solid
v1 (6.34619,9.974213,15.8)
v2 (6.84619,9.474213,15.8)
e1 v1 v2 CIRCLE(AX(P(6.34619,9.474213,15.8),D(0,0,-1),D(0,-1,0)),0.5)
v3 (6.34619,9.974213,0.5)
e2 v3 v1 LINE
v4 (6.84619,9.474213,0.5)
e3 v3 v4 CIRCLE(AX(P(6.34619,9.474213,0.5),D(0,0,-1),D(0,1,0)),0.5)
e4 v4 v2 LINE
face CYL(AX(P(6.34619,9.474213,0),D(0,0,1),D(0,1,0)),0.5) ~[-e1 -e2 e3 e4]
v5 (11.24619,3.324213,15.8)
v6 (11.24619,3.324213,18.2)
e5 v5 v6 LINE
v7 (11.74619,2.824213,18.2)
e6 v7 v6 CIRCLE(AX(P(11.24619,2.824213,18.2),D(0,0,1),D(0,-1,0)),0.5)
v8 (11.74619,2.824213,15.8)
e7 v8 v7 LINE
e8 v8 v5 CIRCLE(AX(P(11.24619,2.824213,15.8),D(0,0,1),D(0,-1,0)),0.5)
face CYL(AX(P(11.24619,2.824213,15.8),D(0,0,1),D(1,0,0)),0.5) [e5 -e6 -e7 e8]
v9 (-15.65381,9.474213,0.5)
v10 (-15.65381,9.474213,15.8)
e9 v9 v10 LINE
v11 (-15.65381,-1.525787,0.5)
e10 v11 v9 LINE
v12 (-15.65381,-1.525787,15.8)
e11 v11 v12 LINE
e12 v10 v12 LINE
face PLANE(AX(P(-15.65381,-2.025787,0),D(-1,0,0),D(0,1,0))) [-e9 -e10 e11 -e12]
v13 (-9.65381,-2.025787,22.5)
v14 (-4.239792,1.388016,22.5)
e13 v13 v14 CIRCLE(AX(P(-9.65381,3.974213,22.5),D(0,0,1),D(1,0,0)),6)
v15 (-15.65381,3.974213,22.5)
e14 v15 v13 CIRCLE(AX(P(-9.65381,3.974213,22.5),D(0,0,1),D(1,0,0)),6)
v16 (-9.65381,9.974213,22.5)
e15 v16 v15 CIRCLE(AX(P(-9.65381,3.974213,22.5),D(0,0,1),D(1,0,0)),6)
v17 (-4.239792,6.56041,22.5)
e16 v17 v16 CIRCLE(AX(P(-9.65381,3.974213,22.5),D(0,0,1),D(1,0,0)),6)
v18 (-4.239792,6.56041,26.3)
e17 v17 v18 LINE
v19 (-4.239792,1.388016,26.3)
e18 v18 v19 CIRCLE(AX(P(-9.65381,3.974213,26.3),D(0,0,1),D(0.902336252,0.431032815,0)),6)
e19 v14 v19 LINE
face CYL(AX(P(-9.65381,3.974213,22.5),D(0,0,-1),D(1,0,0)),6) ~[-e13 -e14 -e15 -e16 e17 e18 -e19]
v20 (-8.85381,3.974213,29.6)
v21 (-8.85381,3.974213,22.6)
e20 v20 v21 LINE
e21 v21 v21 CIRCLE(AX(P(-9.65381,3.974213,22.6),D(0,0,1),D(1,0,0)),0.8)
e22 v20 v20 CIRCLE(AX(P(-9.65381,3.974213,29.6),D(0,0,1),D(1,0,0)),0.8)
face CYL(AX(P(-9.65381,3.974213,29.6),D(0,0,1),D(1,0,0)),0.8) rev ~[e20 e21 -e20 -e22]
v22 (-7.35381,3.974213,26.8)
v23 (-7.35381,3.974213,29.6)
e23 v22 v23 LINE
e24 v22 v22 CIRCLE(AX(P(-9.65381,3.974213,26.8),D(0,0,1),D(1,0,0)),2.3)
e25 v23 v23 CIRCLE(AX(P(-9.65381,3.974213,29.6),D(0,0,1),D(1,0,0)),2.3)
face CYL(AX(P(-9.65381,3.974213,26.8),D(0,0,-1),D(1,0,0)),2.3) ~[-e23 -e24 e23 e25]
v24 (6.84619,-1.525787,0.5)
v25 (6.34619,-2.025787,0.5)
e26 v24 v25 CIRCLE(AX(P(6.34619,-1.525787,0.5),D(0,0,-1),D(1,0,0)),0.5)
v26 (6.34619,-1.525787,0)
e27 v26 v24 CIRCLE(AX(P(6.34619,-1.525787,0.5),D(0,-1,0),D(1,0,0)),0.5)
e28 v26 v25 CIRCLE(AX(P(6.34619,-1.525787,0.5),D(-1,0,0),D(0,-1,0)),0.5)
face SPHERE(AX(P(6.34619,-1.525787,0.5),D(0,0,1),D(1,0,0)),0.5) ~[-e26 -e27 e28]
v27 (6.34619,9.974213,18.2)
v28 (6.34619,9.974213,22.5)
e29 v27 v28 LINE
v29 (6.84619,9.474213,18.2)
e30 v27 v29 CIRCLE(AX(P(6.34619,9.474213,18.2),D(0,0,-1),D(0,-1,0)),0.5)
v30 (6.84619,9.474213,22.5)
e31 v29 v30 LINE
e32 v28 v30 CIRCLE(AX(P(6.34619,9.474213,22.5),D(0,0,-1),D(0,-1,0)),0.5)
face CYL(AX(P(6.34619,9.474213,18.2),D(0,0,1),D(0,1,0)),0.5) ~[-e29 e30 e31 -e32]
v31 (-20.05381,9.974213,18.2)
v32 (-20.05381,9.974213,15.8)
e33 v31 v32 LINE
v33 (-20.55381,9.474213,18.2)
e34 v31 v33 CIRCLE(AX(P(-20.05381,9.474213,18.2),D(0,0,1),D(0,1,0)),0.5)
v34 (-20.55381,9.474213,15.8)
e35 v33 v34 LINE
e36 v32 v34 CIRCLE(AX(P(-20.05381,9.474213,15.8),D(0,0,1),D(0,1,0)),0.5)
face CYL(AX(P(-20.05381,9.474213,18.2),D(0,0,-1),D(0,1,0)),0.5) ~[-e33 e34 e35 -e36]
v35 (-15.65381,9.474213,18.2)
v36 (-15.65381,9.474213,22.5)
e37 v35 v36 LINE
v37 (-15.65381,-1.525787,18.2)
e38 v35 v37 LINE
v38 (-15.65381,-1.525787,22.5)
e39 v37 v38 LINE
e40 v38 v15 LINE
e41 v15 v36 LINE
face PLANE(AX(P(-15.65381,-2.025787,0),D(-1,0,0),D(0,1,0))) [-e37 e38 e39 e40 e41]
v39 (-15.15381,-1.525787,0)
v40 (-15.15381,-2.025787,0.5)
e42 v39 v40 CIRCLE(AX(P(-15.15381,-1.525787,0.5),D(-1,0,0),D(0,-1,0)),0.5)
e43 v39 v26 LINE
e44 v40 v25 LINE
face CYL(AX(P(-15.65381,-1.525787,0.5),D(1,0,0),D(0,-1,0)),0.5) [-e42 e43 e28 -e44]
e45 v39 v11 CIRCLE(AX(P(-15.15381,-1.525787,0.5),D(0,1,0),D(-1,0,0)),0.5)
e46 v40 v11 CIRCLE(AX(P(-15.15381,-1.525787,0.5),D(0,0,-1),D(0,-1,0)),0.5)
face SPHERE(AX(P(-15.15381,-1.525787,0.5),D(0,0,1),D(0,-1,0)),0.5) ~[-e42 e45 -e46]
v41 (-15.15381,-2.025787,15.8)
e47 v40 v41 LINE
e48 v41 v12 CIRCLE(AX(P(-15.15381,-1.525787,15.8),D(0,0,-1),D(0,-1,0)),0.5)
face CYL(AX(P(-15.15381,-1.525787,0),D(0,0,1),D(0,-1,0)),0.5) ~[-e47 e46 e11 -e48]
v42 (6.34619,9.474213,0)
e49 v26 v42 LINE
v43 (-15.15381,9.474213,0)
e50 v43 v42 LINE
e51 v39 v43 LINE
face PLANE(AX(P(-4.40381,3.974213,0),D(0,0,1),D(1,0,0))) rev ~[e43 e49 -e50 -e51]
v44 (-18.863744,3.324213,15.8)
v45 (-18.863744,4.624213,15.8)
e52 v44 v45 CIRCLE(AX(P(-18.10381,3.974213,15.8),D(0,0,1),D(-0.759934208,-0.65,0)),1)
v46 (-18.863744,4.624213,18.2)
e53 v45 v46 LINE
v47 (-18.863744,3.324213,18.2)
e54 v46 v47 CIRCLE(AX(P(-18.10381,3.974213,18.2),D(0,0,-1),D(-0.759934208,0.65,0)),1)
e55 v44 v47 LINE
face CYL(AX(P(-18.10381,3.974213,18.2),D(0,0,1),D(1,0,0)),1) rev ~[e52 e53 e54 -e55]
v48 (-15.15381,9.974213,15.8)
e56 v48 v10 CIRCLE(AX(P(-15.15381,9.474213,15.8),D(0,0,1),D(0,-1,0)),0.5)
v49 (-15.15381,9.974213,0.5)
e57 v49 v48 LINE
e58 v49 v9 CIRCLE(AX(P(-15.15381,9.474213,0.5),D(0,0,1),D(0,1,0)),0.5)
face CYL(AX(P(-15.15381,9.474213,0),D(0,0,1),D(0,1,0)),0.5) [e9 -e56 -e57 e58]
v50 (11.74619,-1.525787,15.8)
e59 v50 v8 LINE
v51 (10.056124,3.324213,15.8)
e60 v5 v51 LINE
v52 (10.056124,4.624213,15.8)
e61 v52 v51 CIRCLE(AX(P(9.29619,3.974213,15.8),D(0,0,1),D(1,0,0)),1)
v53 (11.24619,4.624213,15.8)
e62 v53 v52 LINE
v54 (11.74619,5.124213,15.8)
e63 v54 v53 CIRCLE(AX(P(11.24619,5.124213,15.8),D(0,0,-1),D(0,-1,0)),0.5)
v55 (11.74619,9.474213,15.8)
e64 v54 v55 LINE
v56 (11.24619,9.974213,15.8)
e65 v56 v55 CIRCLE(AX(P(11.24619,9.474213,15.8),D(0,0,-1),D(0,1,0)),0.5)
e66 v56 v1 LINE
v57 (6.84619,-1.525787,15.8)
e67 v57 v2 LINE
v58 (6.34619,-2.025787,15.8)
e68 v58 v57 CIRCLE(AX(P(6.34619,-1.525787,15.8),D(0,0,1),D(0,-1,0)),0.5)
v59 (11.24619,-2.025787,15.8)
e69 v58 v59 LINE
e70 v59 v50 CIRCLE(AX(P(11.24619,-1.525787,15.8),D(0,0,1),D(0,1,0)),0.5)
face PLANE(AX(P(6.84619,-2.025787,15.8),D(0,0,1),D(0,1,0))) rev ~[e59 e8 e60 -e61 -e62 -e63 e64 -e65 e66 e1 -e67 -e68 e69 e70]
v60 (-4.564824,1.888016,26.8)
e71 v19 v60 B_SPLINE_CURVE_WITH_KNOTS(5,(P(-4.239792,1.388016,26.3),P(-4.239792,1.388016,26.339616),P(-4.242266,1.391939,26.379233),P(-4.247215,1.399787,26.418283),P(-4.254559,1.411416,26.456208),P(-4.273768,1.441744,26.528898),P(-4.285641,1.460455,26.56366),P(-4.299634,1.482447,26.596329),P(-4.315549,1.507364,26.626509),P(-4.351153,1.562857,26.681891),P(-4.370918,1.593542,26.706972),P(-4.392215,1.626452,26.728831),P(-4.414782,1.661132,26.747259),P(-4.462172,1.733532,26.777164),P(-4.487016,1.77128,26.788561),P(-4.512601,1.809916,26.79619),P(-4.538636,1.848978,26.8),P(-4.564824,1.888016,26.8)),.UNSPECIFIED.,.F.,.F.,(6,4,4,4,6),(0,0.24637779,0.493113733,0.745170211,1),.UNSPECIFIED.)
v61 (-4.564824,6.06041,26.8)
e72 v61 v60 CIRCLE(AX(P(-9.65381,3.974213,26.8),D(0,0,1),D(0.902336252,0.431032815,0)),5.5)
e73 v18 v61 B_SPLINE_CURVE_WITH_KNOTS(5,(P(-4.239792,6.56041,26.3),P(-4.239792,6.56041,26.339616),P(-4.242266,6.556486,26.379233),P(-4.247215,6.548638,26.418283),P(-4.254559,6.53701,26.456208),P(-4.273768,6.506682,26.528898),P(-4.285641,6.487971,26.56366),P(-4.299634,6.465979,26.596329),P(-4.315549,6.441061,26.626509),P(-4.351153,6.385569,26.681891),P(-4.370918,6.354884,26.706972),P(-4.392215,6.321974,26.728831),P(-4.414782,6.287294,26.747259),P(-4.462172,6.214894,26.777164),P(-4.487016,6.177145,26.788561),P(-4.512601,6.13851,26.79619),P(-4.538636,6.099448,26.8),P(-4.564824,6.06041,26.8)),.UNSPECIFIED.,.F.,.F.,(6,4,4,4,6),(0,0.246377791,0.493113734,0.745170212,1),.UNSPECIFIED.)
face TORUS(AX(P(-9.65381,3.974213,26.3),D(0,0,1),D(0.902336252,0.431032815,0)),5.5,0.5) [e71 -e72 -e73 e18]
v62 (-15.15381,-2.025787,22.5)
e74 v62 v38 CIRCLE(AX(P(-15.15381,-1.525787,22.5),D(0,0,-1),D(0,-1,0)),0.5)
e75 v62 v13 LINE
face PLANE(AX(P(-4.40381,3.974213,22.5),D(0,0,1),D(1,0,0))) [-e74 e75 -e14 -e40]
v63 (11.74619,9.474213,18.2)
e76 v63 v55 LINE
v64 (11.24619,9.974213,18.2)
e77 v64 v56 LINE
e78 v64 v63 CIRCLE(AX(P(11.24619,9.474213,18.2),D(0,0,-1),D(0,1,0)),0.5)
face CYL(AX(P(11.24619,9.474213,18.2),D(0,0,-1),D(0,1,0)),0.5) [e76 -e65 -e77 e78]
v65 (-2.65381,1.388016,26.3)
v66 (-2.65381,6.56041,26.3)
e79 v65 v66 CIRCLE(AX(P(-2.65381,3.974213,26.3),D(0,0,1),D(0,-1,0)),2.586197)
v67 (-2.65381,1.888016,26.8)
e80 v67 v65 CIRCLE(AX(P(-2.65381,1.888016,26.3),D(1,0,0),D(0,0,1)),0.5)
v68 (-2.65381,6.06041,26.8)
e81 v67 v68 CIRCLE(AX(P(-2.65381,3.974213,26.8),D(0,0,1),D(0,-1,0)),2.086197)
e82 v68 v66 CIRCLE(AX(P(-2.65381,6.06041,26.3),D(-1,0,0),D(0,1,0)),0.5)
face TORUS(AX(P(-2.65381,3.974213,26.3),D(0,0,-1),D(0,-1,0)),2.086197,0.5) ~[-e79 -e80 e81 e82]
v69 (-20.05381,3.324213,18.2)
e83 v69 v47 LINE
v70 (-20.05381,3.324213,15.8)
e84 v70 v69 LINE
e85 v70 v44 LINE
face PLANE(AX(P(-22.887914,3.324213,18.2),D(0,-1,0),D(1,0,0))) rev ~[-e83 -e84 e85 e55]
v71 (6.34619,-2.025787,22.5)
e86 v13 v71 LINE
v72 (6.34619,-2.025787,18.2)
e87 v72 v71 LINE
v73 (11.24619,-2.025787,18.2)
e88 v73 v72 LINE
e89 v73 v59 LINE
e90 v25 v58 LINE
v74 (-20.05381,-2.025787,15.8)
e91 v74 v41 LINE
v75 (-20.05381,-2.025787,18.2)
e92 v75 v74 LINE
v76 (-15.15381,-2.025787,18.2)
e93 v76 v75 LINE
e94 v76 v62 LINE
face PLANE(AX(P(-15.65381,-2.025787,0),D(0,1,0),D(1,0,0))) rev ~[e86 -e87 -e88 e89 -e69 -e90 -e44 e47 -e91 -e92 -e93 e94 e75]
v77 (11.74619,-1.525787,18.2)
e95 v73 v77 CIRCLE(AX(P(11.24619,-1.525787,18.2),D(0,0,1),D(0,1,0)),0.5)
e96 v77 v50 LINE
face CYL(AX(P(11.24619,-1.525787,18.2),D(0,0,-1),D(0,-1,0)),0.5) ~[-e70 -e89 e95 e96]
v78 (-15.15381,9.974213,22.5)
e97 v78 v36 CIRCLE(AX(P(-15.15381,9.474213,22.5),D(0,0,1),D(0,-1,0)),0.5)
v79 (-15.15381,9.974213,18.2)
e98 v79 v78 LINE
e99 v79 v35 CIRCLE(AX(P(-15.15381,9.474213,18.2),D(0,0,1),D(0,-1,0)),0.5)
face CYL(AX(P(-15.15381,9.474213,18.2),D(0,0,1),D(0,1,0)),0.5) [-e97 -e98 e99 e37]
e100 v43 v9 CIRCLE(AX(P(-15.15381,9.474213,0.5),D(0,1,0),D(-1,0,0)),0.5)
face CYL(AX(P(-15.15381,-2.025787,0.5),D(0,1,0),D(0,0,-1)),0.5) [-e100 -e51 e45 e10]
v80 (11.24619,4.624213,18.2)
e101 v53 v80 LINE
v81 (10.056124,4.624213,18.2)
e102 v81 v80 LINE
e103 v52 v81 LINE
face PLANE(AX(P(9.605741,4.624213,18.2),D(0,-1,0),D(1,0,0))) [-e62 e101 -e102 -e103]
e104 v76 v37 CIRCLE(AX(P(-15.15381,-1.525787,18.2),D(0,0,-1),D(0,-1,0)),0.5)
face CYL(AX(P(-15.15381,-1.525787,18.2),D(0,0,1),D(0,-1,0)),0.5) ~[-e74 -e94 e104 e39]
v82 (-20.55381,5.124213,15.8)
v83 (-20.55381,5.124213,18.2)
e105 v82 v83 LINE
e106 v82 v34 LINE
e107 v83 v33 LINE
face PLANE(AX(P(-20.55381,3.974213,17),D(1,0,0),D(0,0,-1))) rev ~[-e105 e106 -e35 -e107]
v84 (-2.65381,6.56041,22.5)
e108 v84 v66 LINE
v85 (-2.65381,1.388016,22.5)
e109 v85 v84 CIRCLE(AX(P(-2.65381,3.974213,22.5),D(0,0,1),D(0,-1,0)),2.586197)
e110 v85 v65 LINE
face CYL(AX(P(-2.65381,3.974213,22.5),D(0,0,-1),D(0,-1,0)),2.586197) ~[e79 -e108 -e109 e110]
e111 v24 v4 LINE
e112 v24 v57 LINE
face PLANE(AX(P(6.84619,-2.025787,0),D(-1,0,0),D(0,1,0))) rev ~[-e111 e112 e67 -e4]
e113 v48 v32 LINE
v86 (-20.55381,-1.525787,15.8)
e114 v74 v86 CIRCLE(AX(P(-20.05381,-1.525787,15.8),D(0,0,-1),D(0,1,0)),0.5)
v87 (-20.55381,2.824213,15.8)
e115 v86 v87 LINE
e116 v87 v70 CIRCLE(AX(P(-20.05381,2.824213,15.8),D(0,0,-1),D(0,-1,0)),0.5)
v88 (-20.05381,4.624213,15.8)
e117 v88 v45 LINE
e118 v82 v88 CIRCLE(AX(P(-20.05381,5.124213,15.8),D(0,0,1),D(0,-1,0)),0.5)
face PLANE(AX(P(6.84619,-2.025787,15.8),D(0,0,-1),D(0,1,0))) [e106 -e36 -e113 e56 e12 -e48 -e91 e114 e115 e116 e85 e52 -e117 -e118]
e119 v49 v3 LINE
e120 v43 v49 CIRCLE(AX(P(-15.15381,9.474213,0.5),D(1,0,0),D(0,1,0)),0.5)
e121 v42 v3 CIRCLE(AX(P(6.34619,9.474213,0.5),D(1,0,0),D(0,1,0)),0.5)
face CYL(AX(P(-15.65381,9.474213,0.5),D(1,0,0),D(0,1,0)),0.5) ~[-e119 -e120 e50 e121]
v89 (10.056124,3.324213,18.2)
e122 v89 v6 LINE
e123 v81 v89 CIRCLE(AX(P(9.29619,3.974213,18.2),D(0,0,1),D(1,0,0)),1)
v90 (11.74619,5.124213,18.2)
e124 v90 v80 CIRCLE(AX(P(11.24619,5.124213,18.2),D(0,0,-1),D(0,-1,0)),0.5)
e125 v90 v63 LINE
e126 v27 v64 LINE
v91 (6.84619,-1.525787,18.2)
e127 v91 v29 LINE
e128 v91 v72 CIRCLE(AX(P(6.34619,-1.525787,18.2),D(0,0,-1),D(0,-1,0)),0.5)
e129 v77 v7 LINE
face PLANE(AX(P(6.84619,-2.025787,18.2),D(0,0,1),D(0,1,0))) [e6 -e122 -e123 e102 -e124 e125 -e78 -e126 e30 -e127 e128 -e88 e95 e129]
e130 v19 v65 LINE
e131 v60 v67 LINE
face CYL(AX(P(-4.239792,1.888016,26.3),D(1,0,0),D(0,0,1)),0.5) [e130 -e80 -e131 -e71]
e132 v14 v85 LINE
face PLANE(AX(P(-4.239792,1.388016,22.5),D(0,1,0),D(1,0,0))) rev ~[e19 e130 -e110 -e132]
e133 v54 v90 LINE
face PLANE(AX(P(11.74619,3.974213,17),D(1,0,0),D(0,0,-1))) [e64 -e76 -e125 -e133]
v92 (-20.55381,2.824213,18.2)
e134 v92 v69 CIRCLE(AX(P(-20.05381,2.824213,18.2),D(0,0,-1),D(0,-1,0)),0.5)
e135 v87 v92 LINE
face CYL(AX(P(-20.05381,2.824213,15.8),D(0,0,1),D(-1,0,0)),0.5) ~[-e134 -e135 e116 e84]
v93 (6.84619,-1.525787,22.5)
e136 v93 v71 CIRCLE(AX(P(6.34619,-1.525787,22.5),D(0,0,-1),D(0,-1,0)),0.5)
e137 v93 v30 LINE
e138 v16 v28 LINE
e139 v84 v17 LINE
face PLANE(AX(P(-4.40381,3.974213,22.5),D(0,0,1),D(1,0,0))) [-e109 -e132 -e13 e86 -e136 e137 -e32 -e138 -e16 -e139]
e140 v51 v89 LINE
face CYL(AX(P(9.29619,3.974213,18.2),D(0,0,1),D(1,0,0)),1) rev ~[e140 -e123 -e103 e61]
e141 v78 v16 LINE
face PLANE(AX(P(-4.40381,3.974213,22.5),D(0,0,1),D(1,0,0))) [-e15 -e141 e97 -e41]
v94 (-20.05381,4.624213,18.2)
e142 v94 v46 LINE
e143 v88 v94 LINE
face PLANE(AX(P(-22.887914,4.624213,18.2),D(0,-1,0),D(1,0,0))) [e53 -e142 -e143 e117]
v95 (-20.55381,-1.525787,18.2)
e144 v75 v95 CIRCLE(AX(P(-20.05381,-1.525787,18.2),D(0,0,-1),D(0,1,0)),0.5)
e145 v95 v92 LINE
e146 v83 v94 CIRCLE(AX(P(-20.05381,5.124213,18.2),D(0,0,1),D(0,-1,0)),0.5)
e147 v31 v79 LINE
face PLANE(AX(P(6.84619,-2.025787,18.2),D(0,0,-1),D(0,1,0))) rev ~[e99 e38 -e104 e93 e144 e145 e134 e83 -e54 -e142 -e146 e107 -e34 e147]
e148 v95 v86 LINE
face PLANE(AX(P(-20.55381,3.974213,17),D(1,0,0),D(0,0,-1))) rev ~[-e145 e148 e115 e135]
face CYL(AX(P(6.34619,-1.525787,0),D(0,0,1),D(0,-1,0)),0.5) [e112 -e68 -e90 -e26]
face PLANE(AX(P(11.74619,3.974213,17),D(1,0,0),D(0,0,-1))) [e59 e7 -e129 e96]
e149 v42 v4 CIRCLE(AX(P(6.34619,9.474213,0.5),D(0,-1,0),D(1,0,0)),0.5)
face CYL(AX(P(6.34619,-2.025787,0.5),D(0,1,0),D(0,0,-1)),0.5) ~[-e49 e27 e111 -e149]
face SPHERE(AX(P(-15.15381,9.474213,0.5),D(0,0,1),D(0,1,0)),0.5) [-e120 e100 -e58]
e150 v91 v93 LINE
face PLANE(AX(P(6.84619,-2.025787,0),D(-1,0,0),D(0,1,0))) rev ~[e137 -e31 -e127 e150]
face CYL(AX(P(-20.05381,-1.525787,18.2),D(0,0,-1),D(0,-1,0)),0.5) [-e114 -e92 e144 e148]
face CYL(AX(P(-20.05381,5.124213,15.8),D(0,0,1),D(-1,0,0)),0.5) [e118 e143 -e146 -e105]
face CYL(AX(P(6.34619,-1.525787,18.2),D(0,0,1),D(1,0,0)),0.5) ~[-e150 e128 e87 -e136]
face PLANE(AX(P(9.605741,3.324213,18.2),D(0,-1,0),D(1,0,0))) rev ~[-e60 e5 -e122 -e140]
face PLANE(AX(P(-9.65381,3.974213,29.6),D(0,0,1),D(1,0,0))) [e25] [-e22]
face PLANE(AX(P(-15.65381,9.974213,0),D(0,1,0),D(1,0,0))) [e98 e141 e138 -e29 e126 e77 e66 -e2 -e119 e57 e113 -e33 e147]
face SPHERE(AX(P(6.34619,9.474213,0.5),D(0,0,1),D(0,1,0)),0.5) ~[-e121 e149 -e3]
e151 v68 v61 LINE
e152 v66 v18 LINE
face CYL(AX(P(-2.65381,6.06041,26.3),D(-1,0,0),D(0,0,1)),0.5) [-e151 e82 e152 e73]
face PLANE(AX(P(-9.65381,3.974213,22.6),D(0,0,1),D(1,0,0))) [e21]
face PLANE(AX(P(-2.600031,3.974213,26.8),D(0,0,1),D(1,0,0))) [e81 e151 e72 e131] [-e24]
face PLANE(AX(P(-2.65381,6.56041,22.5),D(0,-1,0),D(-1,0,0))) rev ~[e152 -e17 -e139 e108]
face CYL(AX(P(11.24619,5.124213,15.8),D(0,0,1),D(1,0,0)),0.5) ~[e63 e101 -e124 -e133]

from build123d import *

# Parameters (mm, degrees)
SKETCH2_W                = 22.5
SKETCH2_H                = 12
BOSS_EXTRUDE1_DEPTH      = 22.5
SKETCH3_W                = 2.4
SKETCH3_H                = 12
BOSS_EXTRUDE2_DEPTH      = 4.9
BOSS_EXTRUDE2_DEPTH_BACK = 27.4
CUT_EXTRUDE1_REACH       = 20.2
SKETCH4_R                = 1
SKETCH5_R                = 6
BOSS_EXTRUDE3_DEPTH      = 4.3
SKETCH6_R                = 2.3
BOSS_EXTRUDE4_DEPTH      = 2.8
SKETCH7_R                = 0.8
CUT_EXTRUDE2_DEPTH       = 7
CUT_EXTRUDE3_REACH       = 20.2
SKETCH8_W                = 4.668208072
SKETCH8_H                = 1.3
SKETCH8_W_2              = 4.280898206
BOSS_EXTRUDE6_DEPTH      = 4.3
FILLET1_R                = 0.5


with BuildPart() as part:
    # Sketch2 → Boss-Extrude1 (new body)
    with BuildSketch(Plane.XY):
        with Locations((-4.403809909, 3.974212835)):
            Rectangle(SKETCH2_W, SKETCH2_H)
    extrude(amount=BOSS_EXTRUDE1_DEPTH)

    # Sketch3 → Boss-Extrude2 (add, two sides)
    with BuildSketch(Plane(origin=(6.846190091, 0, 0), x_dir=(0, 0, -1), z_dir=(1, 0, 0))) as boss_extrude2_sk:
        with Locations((-17, 3.974212835)):
            Rectangle(SKETCH3_W, SKETCH3_H)
    extrude(amount=BOSS_EXTRUDE2_DEPTH)
    extrude(boss_extrude2_sk.sketch, amount=-BOSS_EXTRUDE2_DEPTH_BACK)

    # Sketch4 → Cut-Extrude1 (cut, up to next)
    with BuildSketch(Plane.XY.offset(18.2), mode=Mode.PRIVATE) as cut_extrude1_sk1:
        with Locations((9.296190091, 3.974212835)):
            Circle(SKETCH4_R)
    cut_extrude1_tool1 = extrude(cut_extrude1_sk1.sketch, amount=-CUT_EXTRUDE1_REACH, mode=Mode.PRIVATE) & part.part
    add(cut_extrude1_tool1.solids().sort_by_distance((9.29619, 3.974213, 18.2))[0], mode=Mode.SUBTRACT)
    # Sketch4 → Cut-Extrude1 (cut, up to next)
    with BuildSketch(Plane.XY.offset(18.2), mode=Mode.PRIVATE) as cut_extrude1_sk2:
        with Locations((-18.103809909, 3.974212835)):
            Circle(SKETCH4_R)
    cut_extrude1_tool2 = extrude(cut_extrude1_sk2.sketch, amount=-CUT_EXTRUDE1_REACH, mode=Mode.PRIVATE) & part.part
    add(cut_extrude1_tool2.solids().sort_by_distance((-18.10381, 3.974213, 18.2))[0], mode=Mode.SUBTRACT)

    # Sketch5 → Boss-Extrude3 (add)
    with BuildSketch(Plane.XY.offset(22.5)):
        with Locations((-9.653809909, 3.974212835)):
            Circle(SKETCH5_R)
    extrude(amount=BOSS_EXTRUDE3_DEPTH)

    # Sketch6 → Boss-Extrude4 (add)
    with BuildSketch(Plane.XY.offset(26.8)):
        with Locations((-9.653809909, 3.974212835)):
            Circle(SKETCH6_R)
    extrude(amount=BOSS_EXTRUDE4_DEPTH)

    # Sketch7 → Cut-Extrude2 (cut)
    with BuildSketch(Plane.XY.offset(29.6)):
        with Locations((-9.653809909, 3.974212835)):
            Circle(SKETCH7_R)
    extrude(amount=-CUT_EXTRUDE2_DEPTH, mode=Mode.SUBTRACT)

    # Sketch8 → Cut-Extrude3 (cut, up to next)
    with BuildSketch(Plane.XY.offset(18.2), mode=Mode.PRIVATE) as cut_extrude3_sk1:
        with Locations((-20.553809909, 3.974212835)):
            Rectangle(SKETCH8_W, SKETCH8_H)
    cut_extrude3_tool1 = extrude(cut_extrude3_sk1.sketch, amount=-CUT_EXTRUDE3_REACH, mode=Mode.PRIVATE) & part.part
    add(cut_extrude3_tool1.solids().sort_by_distance((-20.55381, 3.974213, 18.2))[0], mode=Mode.SUBTRACT)
    # Sketch8 → Cut-Extrude3 (cut, up to next)
    with BuildSketch(Plane.XY.offset(18.2), mode=Mode.PRIVATE) as cut_extrude3_sk2:
        with Locations((11.746190091, 3.974212835)):
            Rectangle(SKETCH8_W_2, SKETCH8_H)
    cut_extrude3_tool2 = extrude(cut_extrude3_sk2.sketch, amount=-CUT_EXTRUDE3_REACH, mode=Mode.PRIVATE) & part.part
    add(cut_extrude3_tool2.solids().sort_by_distance((11.74619, 3.974213, 18.2))[0], mode=Mode.SUBTRACT)

    # Sketch9 → Boss-Extrude6 (add)
    with BuildSketch(Plane.XY.offset(22.5)):
        with BuildLine():
            Line((-2.653809909, 6.560409726), (-4.239792395, 6.560409726))
            Line((-4.239792395, 6.560409726), (-4.239792395, 1.388015944))
            Line((-4.239792395, 1.388015944), (-2.653809909, 1.388015944))
            ThreePointArc((-2.653809909, 1.388015944), (-0.067613018, 3.974212835), (-2.653809909, 6.560409726))
        make_face()
    extrude(amount=BOSS_EXTRUDE6_DEPTH)

    # Fillet1
    fillet1_edges = [part.edges().sort_by_distance(p)[0] for p in [
        (-15.653809909, 9.974212835, 7.9),
        (6.846190091, 9.974212835, 7.9),
        (6.846190091, -2.025787165, 7.9),
        (-15.653809909, -2.025787165, 7.9),
        (-20.553809909, 9.974212835, 17),
        (-20.553809909, -2.025787165, 17),
        (11.746190091, -2.025787165, 17),
        (11.746190091, 9.974212835, 17),
        (-4.403809909, 9.974212835, 0),
        (6.846190091, 3.974212835, 0),
        (-15.653809909, 3.974212835, 26.8),
        (-4.403809909, -2.025787165, 0),
        (-15.653809909, 3.974212835, 0),
        (-20.553809909, 3.324212835, 17),
        (-20.553809909, 4.624212835, 17),
        (-15.653809909, 9.974212835, 20.35),
        (6.846190091, 9.974212835, 20.35),
        (6.846190091, -2.025787165, 20.35),
        (-15.653809909, -2.025787165, 20.35),
        (11.746190091, 3.324212835, 17),
        (11.746190091, 4.624212835, 17),
        (-3.446801152, 1.388015944, 26.8),
        (-0.067613018, 3.974212835, 26.8),
        (-3.446801152, 6.560409726, 26.8),
    ]]
    fillet(fillet1_edges, radius=FILLET1_R)


solid = part.part
